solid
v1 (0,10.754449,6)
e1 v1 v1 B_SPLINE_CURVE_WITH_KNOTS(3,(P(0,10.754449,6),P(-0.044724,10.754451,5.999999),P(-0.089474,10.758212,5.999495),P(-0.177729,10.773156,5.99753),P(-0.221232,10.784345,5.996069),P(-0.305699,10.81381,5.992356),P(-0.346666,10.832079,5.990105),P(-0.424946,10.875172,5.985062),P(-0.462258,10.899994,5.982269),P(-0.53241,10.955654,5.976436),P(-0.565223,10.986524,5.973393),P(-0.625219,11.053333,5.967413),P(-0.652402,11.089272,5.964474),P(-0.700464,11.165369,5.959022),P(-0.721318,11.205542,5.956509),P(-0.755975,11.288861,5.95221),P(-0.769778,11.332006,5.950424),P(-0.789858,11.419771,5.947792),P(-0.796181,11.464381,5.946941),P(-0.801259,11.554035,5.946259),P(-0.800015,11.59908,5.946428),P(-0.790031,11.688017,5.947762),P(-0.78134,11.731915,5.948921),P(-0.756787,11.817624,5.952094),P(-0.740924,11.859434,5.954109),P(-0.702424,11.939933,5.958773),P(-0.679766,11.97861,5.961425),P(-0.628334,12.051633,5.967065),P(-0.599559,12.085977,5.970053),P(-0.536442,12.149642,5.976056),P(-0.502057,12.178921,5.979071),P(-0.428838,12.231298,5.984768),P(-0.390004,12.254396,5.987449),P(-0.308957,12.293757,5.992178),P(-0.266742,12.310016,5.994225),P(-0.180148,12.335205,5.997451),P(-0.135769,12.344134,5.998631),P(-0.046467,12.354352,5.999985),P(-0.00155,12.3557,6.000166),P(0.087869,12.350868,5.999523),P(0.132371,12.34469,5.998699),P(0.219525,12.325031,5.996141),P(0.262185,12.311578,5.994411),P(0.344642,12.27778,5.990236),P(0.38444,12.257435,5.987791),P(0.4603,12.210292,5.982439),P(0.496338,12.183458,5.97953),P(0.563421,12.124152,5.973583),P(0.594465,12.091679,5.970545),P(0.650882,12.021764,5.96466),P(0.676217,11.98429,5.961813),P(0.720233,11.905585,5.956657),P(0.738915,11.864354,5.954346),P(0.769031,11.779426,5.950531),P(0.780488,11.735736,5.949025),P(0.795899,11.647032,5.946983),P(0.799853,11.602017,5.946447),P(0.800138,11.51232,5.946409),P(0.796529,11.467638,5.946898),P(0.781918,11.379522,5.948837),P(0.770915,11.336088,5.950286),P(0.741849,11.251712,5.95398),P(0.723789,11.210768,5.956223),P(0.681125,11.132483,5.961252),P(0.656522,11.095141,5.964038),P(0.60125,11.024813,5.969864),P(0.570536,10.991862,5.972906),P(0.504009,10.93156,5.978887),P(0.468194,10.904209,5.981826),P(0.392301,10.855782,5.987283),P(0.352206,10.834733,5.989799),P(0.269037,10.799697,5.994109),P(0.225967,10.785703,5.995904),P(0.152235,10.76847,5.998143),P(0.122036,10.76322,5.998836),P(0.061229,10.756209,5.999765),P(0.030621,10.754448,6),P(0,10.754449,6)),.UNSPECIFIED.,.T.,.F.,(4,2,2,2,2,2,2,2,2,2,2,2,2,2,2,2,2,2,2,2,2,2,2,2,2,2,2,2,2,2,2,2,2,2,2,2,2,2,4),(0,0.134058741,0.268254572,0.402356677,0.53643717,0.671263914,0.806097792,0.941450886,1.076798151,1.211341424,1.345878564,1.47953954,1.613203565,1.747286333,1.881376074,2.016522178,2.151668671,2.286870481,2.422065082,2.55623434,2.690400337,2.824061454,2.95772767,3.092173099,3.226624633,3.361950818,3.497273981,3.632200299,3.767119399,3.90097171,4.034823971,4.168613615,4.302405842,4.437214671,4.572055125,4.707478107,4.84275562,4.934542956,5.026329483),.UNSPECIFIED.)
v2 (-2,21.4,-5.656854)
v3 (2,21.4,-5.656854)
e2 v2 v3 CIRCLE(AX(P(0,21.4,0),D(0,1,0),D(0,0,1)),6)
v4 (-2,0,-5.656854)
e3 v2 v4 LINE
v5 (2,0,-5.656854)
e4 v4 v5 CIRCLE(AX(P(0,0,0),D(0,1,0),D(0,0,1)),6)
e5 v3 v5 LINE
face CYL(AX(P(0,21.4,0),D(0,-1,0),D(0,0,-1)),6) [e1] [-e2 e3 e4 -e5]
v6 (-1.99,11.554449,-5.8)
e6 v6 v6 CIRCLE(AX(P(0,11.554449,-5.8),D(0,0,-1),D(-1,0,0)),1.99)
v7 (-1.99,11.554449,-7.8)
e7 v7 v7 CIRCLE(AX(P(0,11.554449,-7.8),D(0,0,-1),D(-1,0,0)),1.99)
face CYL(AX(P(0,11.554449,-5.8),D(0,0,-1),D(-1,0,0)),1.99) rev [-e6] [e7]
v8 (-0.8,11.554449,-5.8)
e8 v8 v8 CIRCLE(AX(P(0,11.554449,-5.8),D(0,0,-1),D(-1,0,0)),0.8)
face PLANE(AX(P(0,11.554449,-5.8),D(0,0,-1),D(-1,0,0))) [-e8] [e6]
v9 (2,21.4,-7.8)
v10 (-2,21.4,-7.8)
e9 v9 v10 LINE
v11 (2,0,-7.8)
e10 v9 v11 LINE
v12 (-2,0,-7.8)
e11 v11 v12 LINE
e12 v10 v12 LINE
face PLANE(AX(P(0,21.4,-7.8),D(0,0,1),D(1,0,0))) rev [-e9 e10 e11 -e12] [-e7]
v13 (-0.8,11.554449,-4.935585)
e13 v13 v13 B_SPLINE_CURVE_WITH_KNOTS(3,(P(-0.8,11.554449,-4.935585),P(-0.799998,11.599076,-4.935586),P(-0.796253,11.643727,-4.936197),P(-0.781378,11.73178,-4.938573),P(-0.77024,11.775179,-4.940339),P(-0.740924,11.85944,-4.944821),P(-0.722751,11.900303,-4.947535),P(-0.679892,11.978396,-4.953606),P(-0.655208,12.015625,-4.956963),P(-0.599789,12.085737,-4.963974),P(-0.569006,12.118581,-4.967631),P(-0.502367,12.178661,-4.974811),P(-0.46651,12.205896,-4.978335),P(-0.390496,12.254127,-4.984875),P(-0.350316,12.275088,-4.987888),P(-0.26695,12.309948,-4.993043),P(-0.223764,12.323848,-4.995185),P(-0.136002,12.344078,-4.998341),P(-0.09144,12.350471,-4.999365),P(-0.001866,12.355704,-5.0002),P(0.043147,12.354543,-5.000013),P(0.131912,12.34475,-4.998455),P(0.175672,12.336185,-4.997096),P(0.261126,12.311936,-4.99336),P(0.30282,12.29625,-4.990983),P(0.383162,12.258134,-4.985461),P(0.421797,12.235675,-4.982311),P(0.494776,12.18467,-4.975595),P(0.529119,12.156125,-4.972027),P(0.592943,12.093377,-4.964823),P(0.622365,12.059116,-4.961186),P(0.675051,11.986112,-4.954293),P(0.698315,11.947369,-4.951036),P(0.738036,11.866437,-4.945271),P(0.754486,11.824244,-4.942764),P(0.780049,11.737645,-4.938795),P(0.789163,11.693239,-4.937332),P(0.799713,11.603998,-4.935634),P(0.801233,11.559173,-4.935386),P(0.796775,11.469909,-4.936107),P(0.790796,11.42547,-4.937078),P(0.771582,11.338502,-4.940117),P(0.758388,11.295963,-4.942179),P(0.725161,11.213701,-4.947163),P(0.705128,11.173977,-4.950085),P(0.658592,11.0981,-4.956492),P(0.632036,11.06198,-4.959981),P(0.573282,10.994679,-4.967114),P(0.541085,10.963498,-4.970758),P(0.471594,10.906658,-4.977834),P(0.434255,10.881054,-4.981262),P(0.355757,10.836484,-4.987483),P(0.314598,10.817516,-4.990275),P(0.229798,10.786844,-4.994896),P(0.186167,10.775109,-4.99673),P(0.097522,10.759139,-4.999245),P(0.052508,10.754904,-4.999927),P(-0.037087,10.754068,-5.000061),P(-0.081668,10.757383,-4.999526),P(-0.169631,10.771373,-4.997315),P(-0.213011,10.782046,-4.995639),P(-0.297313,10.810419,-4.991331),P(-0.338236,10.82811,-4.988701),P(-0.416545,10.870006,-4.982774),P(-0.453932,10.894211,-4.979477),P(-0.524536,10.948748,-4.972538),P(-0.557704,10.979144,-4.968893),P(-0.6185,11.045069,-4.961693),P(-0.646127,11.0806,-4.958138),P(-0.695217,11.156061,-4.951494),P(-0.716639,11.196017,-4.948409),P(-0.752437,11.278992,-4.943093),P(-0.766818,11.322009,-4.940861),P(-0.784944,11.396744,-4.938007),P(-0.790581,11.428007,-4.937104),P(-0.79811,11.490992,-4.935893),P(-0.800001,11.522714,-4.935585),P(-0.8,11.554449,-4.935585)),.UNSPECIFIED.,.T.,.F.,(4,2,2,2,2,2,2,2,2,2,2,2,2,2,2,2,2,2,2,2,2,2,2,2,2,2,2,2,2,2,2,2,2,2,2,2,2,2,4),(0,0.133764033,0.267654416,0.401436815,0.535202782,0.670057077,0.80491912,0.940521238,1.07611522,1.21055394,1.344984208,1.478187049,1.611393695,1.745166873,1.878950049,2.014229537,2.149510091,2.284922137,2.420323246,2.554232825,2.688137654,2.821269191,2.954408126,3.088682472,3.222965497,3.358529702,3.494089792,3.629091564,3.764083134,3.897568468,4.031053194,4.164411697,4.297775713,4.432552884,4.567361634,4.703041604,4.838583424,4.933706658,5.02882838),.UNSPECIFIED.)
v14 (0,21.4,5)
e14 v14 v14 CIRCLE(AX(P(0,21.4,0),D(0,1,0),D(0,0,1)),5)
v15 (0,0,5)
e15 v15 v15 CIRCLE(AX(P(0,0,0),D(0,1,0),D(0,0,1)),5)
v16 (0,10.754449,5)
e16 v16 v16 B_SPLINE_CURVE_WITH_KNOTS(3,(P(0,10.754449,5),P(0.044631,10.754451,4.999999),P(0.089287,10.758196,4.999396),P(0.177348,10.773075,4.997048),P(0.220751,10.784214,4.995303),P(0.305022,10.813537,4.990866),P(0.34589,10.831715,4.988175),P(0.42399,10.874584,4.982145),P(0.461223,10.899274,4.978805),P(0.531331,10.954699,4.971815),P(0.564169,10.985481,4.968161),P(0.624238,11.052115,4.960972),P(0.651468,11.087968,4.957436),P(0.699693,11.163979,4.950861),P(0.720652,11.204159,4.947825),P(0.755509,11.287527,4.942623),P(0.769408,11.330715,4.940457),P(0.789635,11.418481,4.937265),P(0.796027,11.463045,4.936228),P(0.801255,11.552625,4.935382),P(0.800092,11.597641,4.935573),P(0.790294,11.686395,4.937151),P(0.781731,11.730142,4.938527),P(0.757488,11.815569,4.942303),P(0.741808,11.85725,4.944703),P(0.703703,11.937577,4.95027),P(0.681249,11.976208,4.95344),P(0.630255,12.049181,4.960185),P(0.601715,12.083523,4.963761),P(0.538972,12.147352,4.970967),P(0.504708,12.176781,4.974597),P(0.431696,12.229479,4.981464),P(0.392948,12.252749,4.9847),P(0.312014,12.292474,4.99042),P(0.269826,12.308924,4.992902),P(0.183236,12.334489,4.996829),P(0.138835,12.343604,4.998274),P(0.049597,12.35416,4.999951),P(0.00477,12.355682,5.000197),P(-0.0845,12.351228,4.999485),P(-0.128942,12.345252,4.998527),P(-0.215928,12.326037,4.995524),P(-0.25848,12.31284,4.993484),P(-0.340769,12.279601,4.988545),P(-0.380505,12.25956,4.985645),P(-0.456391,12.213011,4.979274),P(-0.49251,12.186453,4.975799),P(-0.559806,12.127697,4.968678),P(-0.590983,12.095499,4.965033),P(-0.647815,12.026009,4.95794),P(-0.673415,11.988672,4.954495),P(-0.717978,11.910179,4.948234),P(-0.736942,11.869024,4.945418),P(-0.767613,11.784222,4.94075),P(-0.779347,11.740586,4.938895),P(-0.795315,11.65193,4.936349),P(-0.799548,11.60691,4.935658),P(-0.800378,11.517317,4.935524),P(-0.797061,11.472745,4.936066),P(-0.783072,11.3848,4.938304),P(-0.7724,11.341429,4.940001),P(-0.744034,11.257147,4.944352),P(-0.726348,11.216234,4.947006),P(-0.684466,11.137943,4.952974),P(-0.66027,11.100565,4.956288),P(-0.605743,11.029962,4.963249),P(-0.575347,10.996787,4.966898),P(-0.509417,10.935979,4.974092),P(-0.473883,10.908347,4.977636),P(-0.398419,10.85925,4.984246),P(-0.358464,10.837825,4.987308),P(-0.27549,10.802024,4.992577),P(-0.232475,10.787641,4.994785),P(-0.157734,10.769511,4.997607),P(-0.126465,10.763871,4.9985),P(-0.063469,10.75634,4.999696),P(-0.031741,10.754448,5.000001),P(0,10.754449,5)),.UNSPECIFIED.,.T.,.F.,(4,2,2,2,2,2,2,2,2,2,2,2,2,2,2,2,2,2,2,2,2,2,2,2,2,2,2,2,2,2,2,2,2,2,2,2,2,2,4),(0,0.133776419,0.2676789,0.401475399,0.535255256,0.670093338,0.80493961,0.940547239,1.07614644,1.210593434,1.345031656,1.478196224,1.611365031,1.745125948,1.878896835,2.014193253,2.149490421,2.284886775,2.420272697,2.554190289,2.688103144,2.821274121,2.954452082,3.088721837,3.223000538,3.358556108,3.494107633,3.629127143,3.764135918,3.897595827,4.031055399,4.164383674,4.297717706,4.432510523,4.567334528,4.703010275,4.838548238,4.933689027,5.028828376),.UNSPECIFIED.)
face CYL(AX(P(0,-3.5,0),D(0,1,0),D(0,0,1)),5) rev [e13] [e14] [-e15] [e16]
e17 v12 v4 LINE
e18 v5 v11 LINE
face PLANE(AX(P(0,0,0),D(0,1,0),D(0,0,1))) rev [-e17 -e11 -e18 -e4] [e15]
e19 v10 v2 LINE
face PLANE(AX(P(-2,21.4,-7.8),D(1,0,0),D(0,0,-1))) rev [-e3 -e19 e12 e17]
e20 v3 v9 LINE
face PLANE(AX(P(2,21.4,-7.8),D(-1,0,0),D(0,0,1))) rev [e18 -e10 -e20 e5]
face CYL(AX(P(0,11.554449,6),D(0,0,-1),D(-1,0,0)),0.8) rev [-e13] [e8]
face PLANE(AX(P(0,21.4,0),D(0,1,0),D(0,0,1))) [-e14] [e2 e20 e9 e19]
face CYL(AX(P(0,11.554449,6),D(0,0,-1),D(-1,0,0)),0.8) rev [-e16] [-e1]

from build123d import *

# Parameters (mm, degrees)
BOSS_EXTRUDE1_DEPTH = 21.4
SKETCH3_R           = 5
CUT_EXTRUDE1_DEPTH  = 24.9
SKETCH4_R           = 1.99
CUT_EXTRUDE2_DEPTH  = 2
SKETCH5_R           = 0.8
CUT_EXTRUDE3_DEPTH  = 26.16346558


with BuildPart() as part:
    # Sketch2 → Boss-Extrude1 (new body)
    with BuildSketch(Plane(origin=(0, 0, 0), x_dir=(1, 0, 0), z_dir=(0, 1, 0))):
        with BuildLine():
            Line((0, 7.8), (-2, 7.8))
            Line((-2, 7.8), (-2, 5.656854249))
            ThreePointArc((-2, 5.656854249), (0, -6), (2, 5.656854249))
            Line((2, 5.656854249), (2, 7.8))
            Line((2, 7.8), (0, 7.8))
        make_face()
    extrude(amount=BOSS_EXTRUDE1_DEPTH)

    # Sketch3 → Cut-Extrude1 (cut)
    with BuildSketch(Plane(origin=(0, 21.4, 0), x_dir=(1, 0, 0), z_dir=(0, 1, 0))):
        with Locations(Location((0, 0, 0), (0, 0, 270))):
            Circle(SKETCH3_R)
    extrude(amount=-CUT_EXTRUDE1_DEPTH, mode=Mode.SUBTRACT)

    # Sketch4 → Cut-Extrude2 (cut)
    with BuildSketch(Plane(origin=(0, 0, -7.8), x_dir=(-1, 0, 0), z_dir=(0, 0, -1))):
        with Locations((0, 11.554448974)):
            Circle(SKETCH4_R)
    extrude(amount=-CUT_EXTRUDE2_DEPTH, mode=Mode.SUBTRACT)

    # Sketch5 → Cut-Extrude3 (cut, through all)
    with BuildSketch(Plane(origin=(0, 0, -5.8), x_dir=(-1, 0, 0), z_dir=(0, 0, -1))):
        with Locations((0, 11.554448974)):
            Circle(SKETCH5_R)
    extrude(amount=-CUT_EXTRUDE3_DEPTH, mode=Mode.SUBTRACT)


solid = part.part
